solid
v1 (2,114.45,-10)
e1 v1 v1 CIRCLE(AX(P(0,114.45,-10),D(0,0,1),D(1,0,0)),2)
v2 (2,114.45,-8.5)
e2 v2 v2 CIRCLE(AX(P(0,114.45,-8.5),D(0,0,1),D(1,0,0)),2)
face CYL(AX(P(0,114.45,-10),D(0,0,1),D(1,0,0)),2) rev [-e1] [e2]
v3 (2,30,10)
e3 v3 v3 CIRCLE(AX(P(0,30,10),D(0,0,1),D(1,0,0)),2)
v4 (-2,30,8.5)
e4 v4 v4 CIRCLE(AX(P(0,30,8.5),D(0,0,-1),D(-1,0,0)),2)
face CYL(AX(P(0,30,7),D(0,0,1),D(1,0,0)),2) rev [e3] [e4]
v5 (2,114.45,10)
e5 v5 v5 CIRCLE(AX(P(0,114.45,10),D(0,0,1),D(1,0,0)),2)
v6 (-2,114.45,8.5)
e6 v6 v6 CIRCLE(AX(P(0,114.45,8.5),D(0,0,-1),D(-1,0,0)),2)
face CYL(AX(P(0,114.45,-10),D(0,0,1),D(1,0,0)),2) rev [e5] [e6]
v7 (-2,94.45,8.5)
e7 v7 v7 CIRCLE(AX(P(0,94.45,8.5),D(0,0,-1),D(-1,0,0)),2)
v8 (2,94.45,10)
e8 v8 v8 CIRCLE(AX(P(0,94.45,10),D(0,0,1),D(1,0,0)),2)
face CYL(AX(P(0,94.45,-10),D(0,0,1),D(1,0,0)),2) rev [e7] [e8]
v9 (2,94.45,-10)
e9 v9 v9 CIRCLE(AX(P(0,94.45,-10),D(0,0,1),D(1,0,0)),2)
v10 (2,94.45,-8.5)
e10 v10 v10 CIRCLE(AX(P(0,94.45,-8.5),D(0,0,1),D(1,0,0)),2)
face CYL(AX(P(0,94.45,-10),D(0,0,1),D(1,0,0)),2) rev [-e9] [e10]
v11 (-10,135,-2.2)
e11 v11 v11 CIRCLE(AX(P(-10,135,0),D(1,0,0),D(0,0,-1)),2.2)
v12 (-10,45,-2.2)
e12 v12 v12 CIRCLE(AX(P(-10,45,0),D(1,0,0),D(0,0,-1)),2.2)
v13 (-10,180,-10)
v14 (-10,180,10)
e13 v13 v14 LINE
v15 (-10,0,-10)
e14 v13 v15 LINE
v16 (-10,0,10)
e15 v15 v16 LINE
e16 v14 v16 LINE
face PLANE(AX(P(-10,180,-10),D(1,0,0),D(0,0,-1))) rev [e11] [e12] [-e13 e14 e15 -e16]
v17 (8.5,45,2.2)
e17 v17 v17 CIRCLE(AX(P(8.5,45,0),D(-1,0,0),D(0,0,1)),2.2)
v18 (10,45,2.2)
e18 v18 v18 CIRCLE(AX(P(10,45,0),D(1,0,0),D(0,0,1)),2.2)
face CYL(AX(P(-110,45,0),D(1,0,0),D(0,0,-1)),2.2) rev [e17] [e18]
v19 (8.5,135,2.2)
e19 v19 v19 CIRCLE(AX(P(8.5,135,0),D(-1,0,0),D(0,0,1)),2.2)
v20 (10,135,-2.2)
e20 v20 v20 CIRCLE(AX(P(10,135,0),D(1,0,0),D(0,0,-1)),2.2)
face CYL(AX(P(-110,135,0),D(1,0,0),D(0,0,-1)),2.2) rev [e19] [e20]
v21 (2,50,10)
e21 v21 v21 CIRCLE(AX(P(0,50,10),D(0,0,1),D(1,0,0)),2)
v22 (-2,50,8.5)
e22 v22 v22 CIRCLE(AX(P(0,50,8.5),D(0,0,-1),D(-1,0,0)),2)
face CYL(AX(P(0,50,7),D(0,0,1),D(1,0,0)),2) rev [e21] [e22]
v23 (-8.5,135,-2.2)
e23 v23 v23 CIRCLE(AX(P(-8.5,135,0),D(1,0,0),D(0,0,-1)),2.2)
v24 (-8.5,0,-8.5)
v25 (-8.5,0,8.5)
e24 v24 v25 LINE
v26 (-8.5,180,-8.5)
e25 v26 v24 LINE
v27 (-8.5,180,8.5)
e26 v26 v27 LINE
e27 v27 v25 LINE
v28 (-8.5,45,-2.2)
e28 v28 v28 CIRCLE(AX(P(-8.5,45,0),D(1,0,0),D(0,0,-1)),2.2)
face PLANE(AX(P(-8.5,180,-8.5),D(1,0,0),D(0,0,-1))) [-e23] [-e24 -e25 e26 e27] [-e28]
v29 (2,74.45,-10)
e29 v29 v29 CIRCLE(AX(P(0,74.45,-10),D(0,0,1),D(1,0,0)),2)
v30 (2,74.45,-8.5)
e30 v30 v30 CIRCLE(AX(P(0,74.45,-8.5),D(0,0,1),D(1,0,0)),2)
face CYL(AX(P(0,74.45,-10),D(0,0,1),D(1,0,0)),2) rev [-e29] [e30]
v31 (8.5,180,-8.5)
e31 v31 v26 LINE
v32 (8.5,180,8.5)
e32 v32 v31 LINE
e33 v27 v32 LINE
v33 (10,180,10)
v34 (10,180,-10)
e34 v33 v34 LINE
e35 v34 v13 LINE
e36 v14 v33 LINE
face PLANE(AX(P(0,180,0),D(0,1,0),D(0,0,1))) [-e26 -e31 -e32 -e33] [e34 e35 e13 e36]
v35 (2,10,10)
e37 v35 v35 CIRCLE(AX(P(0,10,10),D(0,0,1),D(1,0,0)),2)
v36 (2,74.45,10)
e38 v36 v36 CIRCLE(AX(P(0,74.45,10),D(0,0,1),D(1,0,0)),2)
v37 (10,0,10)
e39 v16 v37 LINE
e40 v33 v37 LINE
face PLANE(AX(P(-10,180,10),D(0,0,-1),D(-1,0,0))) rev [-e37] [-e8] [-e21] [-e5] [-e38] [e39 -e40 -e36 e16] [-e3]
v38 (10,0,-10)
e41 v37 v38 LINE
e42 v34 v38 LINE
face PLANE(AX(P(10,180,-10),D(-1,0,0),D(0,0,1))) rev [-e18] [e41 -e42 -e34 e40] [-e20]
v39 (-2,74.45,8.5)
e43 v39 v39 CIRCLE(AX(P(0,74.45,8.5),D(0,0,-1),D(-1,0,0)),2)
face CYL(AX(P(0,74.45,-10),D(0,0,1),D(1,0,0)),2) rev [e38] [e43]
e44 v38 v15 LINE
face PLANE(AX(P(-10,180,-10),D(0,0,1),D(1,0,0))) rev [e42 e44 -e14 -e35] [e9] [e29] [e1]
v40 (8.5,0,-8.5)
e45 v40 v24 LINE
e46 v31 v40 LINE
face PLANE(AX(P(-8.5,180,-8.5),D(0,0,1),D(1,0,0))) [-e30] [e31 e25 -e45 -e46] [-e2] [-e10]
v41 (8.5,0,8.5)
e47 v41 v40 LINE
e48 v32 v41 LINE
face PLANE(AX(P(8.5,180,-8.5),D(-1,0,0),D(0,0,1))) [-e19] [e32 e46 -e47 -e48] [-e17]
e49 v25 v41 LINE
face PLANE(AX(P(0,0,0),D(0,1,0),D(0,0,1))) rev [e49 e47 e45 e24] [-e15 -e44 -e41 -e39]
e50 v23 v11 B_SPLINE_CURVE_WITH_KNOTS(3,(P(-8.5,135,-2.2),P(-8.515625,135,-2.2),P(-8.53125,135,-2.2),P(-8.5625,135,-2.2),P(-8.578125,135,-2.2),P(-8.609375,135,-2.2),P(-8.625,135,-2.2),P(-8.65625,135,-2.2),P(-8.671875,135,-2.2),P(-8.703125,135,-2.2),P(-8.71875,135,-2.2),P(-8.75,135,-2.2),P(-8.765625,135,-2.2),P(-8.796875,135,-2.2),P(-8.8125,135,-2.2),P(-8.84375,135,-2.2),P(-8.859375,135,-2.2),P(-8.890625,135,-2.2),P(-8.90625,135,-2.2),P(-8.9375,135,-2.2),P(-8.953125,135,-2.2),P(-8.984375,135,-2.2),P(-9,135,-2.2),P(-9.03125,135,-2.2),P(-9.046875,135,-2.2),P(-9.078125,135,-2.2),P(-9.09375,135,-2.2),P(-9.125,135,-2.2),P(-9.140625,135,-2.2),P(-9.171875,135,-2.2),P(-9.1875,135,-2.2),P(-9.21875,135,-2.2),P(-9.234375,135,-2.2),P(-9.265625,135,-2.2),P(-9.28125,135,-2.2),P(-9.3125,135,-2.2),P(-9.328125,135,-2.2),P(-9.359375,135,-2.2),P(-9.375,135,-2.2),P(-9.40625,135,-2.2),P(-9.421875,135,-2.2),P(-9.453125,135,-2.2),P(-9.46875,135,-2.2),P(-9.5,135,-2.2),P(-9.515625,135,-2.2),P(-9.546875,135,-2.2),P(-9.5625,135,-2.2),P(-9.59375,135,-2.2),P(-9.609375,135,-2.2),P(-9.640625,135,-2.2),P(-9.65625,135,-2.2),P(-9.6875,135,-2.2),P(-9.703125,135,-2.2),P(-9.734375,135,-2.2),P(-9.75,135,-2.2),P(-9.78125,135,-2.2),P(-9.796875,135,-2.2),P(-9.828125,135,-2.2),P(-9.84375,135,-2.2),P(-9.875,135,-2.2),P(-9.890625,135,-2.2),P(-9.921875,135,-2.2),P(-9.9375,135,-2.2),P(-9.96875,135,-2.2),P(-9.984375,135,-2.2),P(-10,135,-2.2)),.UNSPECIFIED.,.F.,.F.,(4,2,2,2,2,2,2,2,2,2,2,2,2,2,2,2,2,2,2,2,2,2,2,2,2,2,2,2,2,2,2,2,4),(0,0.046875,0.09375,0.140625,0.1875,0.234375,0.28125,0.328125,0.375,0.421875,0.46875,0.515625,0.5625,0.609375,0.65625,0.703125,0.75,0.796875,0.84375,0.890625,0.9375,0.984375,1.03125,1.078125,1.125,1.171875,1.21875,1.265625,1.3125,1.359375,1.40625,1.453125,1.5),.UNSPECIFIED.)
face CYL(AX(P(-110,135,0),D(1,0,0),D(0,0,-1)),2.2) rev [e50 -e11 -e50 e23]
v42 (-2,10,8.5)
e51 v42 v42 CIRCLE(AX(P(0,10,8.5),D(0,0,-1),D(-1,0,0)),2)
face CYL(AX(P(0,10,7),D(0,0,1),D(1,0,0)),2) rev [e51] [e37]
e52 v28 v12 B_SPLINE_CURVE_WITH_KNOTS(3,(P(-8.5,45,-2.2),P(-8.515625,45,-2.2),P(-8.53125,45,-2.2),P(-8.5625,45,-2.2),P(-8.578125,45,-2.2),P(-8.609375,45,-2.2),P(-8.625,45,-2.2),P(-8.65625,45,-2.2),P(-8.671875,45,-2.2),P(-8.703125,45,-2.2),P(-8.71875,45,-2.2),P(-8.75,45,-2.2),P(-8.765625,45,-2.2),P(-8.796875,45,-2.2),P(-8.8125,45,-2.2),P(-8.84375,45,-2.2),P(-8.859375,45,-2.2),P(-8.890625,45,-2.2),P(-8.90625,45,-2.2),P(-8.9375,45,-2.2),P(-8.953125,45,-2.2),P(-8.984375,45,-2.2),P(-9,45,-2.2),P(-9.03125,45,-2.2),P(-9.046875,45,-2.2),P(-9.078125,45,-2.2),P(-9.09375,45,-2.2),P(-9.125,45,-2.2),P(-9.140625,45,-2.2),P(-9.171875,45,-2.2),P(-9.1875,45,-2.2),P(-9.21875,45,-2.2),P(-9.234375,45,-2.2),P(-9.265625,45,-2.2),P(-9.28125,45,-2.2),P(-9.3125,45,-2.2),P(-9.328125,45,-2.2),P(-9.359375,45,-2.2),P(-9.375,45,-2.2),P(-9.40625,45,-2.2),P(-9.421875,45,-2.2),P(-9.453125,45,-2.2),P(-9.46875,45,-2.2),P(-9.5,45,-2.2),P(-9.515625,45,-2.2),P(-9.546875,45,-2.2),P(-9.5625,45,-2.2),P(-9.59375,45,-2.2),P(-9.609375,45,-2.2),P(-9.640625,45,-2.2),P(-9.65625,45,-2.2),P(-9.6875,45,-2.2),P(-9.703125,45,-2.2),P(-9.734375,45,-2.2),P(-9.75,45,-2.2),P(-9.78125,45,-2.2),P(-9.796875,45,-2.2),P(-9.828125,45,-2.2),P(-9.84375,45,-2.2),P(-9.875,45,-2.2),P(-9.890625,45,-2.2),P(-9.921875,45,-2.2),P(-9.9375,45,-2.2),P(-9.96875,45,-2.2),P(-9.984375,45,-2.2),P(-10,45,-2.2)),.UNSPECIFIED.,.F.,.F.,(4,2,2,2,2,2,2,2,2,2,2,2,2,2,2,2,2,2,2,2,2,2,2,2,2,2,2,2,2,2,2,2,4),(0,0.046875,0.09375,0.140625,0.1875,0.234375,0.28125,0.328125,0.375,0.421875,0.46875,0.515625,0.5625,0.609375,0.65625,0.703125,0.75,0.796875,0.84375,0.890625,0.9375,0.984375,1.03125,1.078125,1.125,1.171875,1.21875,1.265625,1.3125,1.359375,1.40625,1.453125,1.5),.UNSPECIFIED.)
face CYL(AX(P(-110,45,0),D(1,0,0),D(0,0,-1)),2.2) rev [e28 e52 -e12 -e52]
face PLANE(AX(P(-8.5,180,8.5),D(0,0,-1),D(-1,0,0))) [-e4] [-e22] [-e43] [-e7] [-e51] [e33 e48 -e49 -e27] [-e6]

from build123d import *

# Parameters (mm, degrees)
SKETCH_1_W          = 20
SKETCH_1_H          = 20
SKETCH_1_W_2        = 17
SKETCH_1_H_2        = 17
EXTRUDE_1_DEPTH     = 180
SKETCH_2_R          = 2.2
CUT_EXTRUDE_1_DEPTH = 120
SKETCH_3_R          = 2
CUT_EXTRUDE_2_DEPTH = 3
SKETCH_4_R          = 2
CUT_EXTRUDE_3_DEPTH = 20


with BuildPart() as part:
    # 草图1 → 凸台-拉伸1 (new body)
    with BuildSketch(Plane(origin=(0, 0, 0), x_dir=(1, 0, 0), z_dir=(0, 1, 0))):
        Rectangle(SKETCH_1_W, SKETCH_1_H)
        Rectangle(SKETCH_1_W_2, SKETCH_1_H_2, mode=Mode.SUBTRACT)
    extrude(amount=EXTRUDE_1_DEPTH)

    # 草图2 → 切除-拉伸1 (cut)
    with BuildSketch(Plane(origin=(10, 0, 0), x_dir=(0, 0, -1), z_dir=(1, 0, 0))):
        with Locations((0, 135)):
            Circle(SKETCH_2_R)
        with Locations((0, 45)):
            Circle(SKETCH_2_R)
    extrude(amount=-CUT_EXTRUDE_1_DEPTH, mode=Mode.SUBTRACT)

    # 草图3 → 切除-拉伸2 (cut)
    with BuildSketch(Plane.XY.offset(10)):
        with Locations((0, 10)):
            Circle(SKETCH_3_R)
        with Locations((0, 30)):
            Circle(SKETCH_3_R)
        with Locations((0, 50)):
            Circle(SKETCH_3_R)
    extrude(amount=-CUT_EXTRUDE_2_DEPTH, mode=Mode.SUBTRACT)

    # 草图4 → 切除-拉伸3 (cut)
    with BuildSketch(Plane.XY.offset(10)):
        with Locations((0, 74.45)):
            Circle(SKETCH_4_R)
        with Locations((0, 94.45)):
            Circle(SKETCH_4_R)
        with Locations((0, 114.45)):
            Circle(SKETCH_4_R)
    extrude(amount=-CUT_EXTRUDE_3_DEPTH, mode=Mode.SUBTRACT)


solid = part.part
